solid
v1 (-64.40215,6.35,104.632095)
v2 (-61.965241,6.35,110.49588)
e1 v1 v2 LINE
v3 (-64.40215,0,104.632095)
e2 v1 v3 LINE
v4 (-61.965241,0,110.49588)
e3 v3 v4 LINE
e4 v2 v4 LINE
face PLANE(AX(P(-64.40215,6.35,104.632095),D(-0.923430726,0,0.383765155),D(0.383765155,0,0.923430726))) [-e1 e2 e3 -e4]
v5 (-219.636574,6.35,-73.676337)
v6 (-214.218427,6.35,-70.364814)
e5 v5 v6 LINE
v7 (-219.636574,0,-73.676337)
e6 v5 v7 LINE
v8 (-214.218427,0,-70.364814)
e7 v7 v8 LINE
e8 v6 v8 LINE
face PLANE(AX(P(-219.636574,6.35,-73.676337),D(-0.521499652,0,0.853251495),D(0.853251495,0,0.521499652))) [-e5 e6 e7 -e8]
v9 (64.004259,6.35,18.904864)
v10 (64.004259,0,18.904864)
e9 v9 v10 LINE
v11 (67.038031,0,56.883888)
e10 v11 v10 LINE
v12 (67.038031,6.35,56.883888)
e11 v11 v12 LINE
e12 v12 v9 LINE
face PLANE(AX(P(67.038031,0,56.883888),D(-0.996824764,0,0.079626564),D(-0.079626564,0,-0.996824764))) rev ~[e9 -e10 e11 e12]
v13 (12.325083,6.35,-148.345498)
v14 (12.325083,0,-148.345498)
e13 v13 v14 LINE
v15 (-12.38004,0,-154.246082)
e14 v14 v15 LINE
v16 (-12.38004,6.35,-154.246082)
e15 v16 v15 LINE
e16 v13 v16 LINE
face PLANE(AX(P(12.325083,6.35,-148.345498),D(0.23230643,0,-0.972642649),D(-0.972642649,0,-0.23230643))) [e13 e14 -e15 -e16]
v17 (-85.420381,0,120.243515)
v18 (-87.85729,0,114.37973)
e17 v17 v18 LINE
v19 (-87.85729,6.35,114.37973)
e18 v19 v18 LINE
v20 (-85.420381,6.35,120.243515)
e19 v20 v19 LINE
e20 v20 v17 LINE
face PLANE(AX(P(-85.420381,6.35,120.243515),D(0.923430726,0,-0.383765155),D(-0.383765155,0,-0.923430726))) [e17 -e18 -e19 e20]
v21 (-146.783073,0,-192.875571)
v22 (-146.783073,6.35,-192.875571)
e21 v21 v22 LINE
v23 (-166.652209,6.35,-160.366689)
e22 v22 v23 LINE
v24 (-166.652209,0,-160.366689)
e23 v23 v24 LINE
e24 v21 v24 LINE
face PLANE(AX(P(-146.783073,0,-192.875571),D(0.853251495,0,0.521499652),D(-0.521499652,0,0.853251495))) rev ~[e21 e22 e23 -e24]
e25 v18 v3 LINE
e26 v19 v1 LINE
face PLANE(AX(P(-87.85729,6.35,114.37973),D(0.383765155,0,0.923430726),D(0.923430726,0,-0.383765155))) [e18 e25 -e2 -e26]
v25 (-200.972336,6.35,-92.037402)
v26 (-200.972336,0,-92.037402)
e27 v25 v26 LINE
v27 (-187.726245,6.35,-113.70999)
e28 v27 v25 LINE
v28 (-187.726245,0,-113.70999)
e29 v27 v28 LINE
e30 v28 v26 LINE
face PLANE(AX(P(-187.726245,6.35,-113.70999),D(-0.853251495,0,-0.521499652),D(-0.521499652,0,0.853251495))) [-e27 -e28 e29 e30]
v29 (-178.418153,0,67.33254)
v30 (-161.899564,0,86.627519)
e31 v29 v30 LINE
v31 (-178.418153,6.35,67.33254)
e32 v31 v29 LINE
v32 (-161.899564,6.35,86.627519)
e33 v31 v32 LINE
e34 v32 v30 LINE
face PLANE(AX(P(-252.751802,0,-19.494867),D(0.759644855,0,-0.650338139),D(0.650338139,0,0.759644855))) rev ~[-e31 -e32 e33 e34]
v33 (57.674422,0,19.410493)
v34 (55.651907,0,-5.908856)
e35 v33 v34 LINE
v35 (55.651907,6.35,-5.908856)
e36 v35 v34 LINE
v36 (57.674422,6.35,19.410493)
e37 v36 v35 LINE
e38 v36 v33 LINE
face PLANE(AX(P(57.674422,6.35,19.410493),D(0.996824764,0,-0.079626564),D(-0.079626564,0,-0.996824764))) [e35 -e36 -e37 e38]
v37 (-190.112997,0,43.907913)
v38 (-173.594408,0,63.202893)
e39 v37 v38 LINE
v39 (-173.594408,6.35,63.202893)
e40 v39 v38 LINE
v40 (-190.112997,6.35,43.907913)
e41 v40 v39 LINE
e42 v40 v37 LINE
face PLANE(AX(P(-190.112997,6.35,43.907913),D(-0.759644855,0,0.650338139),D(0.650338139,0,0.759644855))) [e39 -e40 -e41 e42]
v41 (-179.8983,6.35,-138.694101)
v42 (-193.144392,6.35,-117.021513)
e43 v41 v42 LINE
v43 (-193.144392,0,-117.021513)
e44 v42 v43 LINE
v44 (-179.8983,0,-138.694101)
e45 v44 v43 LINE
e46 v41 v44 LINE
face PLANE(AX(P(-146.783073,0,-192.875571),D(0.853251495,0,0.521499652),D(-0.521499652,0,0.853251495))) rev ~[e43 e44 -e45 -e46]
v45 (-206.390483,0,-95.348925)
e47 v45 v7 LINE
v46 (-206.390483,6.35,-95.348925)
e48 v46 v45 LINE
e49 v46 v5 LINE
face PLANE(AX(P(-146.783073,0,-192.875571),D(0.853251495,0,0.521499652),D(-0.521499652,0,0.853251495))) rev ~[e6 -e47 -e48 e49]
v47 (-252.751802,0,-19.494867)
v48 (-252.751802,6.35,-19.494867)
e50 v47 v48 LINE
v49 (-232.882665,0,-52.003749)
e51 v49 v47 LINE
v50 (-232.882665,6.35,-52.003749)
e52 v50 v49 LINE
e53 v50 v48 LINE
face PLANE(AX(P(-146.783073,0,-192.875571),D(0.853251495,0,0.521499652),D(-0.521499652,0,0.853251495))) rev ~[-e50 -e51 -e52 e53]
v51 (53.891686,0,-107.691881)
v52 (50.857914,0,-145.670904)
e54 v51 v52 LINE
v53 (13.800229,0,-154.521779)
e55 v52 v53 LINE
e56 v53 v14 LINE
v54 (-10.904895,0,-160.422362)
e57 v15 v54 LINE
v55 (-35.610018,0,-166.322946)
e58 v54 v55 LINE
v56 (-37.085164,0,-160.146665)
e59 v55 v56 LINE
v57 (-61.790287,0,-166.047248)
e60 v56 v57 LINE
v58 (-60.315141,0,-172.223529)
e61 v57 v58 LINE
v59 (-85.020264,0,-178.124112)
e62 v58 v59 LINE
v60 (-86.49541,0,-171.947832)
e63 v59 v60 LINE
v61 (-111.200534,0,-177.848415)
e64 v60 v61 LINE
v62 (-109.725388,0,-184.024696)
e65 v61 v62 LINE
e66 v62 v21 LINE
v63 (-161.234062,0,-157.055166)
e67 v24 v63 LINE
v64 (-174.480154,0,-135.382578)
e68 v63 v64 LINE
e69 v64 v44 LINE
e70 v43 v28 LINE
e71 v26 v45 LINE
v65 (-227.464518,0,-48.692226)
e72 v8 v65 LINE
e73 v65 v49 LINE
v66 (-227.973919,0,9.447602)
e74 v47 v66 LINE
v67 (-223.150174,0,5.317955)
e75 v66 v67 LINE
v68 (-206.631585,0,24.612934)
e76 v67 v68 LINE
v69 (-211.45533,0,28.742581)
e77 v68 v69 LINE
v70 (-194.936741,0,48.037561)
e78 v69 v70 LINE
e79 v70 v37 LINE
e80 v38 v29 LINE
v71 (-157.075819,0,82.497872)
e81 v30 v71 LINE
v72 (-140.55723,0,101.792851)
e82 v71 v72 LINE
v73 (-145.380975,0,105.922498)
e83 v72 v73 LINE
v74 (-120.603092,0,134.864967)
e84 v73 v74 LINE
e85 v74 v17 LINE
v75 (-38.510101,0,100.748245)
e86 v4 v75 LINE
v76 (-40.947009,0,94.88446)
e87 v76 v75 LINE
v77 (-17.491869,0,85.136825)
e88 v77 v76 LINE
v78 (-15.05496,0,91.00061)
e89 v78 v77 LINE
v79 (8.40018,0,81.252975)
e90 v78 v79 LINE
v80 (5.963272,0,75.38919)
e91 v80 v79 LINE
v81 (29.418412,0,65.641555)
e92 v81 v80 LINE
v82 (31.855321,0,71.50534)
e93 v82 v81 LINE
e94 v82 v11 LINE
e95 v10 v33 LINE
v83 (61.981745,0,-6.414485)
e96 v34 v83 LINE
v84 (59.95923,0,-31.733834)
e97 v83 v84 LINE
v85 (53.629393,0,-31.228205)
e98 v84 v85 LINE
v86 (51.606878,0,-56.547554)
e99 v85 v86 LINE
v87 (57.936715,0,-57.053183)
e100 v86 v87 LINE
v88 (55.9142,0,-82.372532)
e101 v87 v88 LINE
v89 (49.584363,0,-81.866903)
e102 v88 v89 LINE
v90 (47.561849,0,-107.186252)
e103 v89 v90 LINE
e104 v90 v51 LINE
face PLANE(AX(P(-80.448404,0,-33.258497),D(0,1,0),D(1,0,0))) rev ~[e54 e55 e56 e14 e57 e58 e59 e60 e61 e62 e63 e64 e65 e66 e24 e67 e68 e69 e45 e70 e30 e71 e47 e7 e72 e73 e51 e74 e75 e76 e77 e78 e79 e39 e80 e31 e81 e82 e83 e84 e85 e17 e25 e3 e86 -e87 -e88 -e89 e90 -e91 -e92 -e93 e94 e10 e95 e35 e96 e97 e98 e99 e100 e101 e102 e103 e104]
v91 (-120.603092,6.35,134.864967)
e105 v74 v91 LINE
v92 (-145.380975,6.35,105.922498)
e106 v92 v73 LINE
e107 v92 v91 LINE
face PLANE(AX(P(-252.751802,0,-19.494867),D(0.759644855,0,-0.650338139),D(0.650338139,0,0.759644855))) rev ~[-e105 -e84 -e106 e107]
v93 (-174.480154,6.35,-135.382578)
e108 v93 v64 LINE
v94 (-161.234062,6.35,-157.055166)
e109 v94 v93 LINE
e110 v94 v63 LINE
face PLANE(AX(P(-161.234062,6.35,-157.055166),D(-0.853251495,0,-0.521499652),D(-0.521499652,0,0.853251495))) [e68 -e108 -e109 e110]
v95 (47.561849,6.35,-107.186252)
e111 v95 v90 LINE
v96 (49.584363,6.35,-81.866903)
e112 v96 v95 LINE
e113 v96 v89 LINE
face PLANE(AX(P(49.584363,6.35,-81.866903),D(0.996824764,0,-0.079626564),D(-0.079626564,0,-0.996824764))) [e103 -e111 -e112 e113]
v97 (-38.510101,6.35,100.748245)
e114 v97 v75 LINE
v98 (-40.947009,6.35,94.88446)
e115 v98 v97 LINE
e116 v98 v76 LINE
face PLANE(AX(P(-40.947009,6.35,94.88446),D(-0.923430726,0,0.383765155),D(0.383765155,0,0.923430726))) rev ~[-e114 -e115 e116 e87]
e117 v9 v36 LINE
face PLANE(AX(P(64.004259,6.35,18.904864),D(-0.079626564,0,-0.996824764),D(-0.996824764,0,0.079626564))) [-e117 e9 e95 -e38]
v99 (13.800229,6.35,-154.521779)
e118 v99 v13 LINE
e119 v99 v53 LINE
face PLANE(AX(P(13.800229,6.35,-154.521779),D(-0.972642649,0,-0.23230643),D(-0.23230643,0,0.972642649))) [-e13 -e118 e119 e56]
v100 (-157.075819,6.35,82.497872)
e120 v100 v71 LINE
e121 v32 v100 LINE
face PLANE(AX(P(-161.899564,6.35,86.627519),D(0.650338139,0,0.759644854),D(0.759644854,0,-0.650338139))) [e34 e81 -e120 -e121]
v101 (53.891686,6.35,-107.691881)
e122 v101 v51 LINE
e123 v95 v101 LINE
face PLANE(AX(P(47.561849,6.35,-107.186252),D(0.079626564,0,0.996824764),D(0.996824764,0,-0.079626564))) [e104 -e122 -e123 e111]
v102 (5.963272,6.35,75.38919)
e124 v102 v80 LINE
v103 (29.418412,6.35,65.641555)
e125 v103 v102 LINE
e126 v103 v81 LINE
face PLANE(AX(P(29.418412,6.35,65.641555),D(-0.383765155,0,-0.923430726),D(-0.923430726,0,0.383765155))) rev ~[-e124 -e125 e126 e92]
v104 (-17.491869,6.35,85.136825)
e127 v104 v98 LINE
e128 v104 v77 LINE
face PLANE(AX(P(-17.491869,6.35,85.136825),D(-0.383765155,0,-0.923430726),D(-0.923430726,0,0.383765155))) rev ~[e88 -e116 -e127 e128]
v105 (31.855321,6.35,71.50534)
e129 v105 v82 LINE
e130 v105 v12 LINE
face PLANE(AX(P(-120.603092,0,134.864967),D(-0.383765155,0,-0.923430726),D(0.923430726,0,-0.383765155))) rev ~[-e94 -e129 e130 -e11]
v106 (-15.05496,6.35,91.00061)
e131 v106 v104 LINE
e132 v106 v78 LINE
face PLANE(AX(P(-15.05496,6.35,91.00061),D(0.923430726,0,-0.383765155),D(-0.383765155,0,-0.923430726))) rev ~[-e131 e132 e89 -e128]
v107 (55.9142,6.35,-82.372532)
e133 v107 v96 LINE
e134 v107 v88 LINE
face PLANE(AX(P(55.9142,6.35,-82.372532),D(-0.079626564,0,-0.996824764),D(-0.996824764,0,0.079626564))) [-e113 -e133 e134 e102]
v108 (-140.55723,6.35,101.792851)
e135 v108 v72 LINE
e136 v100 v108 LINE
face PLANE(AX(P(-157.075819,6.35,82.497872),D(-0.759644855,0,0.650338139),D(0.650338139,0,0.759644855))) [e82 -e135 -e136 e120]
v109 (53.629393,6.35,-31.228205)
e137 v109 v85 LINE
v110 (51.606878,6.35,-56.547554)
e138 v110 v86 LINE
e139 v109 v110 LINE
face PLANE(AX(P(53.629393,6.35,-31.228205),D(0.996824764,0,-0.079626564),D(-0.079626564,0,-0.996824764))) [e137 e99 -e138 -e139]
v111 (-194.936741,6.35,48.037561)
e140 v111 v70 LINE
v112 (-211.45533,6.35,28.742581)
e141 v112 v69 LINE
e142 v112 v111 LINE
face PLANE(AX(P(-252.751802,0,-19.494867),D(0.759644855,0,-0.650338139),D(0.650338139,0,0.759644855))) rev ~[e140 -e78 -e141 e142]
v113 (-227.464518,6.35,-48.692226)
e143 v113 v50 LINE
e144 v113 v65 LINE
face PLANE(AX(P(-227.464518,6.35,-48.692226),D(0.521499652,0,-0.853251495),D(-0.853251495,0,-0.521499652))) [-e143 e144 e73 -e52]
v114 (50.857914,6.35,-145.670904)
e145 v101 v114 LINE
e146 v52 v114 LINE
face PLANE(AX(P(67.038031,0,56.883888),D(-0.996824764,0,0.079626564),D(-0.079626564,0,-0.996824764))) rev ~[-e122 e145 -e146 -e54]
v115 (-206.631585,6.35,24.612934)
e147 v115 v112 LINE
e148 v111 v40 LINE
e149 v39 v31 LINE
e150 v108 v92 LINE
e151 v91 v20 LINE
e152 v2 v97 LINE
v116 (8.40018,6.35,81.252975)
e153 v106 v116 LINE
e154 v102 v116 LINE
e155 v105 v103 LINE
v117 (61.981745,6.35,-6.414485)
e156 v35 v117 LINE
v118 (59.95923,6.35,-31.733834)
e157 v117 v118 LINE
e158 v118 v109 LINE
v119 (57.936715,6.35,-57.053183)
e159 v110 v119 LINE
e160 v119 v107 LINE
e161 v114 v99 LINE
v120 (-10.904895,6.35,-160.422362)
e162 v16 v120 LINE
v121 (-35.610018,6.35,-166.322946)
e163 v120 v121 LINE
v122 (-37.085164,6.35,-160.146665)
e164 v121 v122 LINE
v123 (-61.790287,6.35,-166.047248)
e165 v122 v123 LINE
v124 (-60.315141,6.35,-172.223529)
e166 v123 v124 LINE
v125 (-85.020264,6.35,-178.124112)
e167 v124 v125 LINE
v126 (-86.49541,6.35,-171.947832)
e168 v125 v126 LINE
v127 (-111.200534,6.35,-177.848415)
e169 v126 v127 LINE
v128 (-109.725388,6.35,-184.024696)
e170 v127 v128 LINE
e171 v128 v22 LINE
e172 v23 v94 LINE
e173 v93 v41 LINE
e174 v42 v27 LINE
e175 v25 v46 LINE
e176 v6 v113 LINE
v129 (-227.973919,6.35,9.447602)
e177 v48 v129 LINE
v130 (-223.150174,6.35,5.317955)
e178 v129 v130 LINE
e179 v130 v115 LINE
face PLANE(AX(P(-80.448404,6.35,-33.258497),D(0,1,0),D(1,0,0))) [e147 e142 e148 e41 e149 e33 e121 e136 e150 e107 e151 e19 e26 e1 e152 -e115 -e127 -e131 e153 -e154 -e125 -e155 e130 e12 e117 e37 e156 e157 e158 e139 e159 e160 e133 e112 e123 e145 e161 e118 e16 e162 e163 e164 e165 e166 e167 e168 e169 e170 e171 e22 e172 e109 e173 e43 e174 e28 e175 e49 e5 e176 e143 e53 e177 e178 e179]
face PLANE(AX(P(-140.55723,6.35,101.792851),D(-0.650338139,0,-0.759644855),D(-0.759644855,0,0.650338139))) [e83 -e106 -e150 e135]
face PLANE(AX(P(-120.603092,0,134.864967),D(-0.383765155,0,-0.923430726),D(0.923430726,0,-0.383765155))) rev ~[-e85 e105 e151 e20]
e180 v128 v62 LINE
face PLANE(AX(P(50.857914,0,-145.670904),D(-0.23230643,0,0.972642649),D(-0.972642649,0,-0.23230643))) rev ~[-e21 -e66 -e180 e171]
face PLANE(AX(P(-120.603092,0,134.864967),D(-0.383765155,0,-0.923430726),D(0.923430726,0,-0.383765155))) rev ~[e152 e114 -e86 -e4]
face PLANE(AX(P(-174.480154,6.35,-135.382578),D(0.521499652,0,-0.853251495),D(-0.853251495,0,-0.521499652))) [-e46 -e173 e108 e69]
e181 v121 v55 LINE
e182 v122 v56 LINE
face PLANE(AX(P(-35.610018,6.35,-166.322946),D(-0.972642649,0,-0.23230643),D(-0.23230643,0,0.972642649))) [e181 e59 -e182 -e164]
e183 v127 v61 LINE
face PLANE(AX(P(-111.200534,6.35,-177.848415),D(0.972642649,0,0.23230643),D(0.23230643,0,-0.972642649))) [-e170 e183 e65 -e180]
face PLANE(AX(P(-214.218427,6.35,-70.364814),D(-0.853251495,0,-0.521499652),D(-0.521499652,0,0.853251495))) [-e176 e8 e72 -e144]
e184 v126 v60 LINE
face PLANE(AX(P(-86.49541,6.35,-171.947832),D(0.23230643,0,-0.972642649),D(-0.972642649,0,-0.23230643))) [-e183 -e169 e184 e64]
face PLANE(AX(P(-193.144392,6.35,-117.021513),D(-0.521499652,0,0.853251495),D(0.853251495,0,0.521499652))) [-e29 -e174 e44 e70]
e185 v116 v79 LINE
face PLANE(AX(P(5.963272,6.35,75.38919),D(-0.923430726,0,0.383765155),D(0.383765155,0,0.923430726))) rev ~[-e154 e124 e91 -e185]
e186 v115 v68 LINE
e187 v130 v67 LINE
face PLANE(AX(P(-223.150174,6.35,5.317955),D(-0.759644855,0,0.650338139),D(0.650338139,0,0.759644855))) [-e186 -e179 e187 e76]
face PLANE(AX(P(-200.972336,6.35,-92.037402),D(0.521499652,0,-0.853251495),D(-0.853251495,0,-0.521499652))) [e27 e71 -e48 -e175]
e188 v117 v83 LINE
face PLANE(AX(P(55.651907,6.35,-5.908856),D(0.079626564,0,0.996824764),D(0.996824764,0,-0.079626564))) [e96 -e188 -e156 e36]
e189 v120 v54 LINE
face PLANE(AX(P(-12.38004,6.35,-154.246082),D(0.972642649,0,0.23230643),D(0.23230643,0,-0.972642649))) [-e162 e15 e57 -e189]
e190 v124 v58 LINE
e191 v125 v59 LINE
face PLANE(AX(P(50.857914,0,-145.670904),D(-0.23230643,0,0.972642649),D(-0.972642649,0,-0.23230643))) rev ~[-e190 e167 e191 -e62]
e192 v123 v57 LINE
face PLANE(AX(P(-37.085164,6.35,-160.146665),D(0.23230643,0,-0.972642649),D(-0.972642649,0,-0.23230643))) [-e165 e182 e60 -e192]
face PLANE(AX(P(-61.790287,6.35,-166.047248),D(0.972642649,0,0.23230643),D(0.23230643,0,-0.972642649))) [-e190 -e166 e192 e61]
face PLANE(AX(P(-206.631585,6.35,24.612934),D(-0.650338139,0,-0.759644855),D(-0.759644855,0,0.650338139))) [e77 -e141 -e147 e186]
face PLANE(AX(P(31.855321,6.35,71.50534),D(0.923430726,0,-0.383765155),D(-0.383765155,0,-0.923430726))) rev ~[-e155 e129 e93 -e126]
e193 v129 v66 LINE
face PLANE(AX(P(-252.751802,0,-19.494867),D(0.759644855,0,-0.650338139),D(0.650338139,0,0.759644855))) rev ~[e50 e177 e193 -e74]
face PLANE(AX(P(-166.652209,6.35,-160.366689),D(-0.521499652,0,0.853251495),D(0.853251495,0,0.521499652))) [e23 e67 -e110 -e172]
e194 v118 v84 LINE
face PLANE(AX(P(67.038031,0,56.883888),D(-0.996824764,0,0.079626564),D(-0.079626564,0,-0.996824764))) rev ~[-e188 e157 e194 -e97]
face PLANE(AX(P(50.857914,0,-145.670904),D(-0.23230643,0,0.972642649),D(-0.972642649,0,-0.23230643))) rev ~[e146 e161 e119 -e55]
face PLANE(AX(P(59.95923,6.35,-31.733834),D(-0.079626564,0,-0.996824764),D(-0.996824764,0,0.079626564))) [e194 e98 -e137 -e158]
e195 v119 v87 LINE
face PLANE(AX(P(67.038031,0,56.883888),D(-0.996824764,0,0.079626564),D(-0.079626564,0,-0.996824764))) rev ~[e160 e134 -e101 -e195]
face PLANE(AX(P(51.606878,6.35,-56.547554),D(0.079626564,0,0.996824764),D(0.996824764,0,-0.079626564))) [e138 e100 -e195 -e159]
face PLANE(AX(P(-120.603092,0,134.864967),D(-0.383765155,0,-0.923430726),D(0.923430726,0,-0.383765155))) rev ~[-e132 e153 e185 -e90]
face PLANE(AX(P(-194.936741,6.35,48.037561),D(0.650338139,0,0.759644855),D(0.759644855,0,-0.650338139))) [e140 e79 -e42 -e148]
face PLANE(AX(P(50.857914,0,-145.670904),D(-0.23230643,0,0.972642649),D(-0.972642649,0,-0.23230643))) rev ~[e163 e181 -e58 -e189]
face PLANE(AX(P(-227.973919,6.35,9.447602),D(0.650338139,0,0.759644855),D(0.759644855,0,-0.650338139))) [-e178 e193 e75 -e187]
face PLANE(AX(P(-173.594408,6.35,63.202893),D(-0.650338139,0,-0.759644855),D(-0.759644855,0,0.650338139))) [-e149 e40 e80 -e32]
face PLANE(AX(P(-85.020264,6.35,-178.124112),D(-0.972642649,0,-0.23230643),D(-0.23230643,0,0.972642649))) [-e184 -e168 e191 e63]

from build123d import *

# Parameters (mm, degrees)
BOSS_EXTRUDE1_DEPTH = 6.35
CUT_EXTRUDE1_DEPTH  = 7.35


with BuildPart() as part:
    # Sketch1 → Boss-Extrude1 (new body)
    with BuildSketch(Plane(origin=(0, 0, 0), x_dir=(1, 0, 0), z_dir=(0, 1, 0))):
        Polygon((67.038031479, -56.883887939), (50.857913673, 145.670904124), (-146.783072598, 192.87557069), (-252.751801878, 19.494866992), (-120.603092047, -134.864967453), align=None)
    extrude(amount=BOSS_EXTRUDE1_DEPTH)

    # Sketch2 → Cut-Extrude1 (cut, through all)
    with BuildSketch(Plane(origin=(0, 6.35, 0), x_dir=(1, 0, 0), z_dir=(0, 1, 0))):
        Polygon((-87.85729012, -114.379729934), (-64.40214968, -104.632094995), (-61.965240945, -110.495880105), (-85.420381385, -120.243515044), align=None)
        Polygon((-38.510100504, -100.748245166), (-15.054960063, -91.000610226), (-17.491868798, -85.136825116), (-40.947009239, -94.884460055), align=None)
        Polygon((8.400180377, -81.252975287), (31.855320818, -71.505340348), (29.418412083, -65.641555238), (5.963271643, -75.389190177), align=None)
        Polygon((-223.150173958, -5.317954784), (-206.631585229, -24.61293409), (-211.455330056, -28.742581272), (-227.973918785, -9.447601966), align=None)
        Polygon((-194.936741327, -48.037560577), (-190.112996501, -43.907913395), (-173.594407772, -63.202892701), (-178.418152598, -67.332539883), align=None)
        Polygon((-161.899563869, -86.627519189), (-157.075819043, -82.497872006), (-140.557230314, -101.792851312), (-145.38097514, -105.922498494), align=None)
        Polygon((-161.234062348, 157.055165957), (-174.480153508, 135.382577994), (-179.898300498, 138.694100784), (-166.652209338, 160.366688747), align=None)
        Polygon((-193.144391658, 117.021512822), (-187.726244668, 113.709990032), (-200.972335828, 92.03740207), (-206.390482818, 95.34892486), align=None)
        Polygon((-219.636573978, 73.676336898), (-214.218426988, 70.364814108), (-227.464518148, 48.692226145), (-232.882665138, 52.003748935), align=None)
        Polygon((12.325082917, 148.345498284), (-12.380040367, 154.246081605), (-10.904894536, 160.422362426), (13.800228747, 154.521779105), align=None)
        Polygon((-35.61001782, 166.322945747), (-37.085163651, 160.146664926), (-61.790286935, 166.047248246), (-60.315141104, 172.223529067), align=None)
        Polygon((-85.020264388, 178.124112388), (-86.495410219, 171.947831567), (-111.200533502, 177.848414888), (-109.725387672, 184.024695709), align=None)
        Polygon((57.674422139, -19.410493109), (55.651907413, 5.908855899), (61.981744665, 6.41448458), (64.004259391, -18.904864428), align=None)
        Polygon((59.959229939, 31.733833588), (53.629392687, 31.228204907), (51.606877961, 56.547553915), (57.936715213, 57.053182596), align=None)
        Polygon((55.914200488, 82.372531604), (49.584363236, 81.866902923), (47.56184851, 107.186251931), (53.891685762, 107.691880612), align=None)
    extrude(amount=-CUT_EXTRUDE1_DEPTH, mode=Mode.SUBTRACT)


solid = part.part
